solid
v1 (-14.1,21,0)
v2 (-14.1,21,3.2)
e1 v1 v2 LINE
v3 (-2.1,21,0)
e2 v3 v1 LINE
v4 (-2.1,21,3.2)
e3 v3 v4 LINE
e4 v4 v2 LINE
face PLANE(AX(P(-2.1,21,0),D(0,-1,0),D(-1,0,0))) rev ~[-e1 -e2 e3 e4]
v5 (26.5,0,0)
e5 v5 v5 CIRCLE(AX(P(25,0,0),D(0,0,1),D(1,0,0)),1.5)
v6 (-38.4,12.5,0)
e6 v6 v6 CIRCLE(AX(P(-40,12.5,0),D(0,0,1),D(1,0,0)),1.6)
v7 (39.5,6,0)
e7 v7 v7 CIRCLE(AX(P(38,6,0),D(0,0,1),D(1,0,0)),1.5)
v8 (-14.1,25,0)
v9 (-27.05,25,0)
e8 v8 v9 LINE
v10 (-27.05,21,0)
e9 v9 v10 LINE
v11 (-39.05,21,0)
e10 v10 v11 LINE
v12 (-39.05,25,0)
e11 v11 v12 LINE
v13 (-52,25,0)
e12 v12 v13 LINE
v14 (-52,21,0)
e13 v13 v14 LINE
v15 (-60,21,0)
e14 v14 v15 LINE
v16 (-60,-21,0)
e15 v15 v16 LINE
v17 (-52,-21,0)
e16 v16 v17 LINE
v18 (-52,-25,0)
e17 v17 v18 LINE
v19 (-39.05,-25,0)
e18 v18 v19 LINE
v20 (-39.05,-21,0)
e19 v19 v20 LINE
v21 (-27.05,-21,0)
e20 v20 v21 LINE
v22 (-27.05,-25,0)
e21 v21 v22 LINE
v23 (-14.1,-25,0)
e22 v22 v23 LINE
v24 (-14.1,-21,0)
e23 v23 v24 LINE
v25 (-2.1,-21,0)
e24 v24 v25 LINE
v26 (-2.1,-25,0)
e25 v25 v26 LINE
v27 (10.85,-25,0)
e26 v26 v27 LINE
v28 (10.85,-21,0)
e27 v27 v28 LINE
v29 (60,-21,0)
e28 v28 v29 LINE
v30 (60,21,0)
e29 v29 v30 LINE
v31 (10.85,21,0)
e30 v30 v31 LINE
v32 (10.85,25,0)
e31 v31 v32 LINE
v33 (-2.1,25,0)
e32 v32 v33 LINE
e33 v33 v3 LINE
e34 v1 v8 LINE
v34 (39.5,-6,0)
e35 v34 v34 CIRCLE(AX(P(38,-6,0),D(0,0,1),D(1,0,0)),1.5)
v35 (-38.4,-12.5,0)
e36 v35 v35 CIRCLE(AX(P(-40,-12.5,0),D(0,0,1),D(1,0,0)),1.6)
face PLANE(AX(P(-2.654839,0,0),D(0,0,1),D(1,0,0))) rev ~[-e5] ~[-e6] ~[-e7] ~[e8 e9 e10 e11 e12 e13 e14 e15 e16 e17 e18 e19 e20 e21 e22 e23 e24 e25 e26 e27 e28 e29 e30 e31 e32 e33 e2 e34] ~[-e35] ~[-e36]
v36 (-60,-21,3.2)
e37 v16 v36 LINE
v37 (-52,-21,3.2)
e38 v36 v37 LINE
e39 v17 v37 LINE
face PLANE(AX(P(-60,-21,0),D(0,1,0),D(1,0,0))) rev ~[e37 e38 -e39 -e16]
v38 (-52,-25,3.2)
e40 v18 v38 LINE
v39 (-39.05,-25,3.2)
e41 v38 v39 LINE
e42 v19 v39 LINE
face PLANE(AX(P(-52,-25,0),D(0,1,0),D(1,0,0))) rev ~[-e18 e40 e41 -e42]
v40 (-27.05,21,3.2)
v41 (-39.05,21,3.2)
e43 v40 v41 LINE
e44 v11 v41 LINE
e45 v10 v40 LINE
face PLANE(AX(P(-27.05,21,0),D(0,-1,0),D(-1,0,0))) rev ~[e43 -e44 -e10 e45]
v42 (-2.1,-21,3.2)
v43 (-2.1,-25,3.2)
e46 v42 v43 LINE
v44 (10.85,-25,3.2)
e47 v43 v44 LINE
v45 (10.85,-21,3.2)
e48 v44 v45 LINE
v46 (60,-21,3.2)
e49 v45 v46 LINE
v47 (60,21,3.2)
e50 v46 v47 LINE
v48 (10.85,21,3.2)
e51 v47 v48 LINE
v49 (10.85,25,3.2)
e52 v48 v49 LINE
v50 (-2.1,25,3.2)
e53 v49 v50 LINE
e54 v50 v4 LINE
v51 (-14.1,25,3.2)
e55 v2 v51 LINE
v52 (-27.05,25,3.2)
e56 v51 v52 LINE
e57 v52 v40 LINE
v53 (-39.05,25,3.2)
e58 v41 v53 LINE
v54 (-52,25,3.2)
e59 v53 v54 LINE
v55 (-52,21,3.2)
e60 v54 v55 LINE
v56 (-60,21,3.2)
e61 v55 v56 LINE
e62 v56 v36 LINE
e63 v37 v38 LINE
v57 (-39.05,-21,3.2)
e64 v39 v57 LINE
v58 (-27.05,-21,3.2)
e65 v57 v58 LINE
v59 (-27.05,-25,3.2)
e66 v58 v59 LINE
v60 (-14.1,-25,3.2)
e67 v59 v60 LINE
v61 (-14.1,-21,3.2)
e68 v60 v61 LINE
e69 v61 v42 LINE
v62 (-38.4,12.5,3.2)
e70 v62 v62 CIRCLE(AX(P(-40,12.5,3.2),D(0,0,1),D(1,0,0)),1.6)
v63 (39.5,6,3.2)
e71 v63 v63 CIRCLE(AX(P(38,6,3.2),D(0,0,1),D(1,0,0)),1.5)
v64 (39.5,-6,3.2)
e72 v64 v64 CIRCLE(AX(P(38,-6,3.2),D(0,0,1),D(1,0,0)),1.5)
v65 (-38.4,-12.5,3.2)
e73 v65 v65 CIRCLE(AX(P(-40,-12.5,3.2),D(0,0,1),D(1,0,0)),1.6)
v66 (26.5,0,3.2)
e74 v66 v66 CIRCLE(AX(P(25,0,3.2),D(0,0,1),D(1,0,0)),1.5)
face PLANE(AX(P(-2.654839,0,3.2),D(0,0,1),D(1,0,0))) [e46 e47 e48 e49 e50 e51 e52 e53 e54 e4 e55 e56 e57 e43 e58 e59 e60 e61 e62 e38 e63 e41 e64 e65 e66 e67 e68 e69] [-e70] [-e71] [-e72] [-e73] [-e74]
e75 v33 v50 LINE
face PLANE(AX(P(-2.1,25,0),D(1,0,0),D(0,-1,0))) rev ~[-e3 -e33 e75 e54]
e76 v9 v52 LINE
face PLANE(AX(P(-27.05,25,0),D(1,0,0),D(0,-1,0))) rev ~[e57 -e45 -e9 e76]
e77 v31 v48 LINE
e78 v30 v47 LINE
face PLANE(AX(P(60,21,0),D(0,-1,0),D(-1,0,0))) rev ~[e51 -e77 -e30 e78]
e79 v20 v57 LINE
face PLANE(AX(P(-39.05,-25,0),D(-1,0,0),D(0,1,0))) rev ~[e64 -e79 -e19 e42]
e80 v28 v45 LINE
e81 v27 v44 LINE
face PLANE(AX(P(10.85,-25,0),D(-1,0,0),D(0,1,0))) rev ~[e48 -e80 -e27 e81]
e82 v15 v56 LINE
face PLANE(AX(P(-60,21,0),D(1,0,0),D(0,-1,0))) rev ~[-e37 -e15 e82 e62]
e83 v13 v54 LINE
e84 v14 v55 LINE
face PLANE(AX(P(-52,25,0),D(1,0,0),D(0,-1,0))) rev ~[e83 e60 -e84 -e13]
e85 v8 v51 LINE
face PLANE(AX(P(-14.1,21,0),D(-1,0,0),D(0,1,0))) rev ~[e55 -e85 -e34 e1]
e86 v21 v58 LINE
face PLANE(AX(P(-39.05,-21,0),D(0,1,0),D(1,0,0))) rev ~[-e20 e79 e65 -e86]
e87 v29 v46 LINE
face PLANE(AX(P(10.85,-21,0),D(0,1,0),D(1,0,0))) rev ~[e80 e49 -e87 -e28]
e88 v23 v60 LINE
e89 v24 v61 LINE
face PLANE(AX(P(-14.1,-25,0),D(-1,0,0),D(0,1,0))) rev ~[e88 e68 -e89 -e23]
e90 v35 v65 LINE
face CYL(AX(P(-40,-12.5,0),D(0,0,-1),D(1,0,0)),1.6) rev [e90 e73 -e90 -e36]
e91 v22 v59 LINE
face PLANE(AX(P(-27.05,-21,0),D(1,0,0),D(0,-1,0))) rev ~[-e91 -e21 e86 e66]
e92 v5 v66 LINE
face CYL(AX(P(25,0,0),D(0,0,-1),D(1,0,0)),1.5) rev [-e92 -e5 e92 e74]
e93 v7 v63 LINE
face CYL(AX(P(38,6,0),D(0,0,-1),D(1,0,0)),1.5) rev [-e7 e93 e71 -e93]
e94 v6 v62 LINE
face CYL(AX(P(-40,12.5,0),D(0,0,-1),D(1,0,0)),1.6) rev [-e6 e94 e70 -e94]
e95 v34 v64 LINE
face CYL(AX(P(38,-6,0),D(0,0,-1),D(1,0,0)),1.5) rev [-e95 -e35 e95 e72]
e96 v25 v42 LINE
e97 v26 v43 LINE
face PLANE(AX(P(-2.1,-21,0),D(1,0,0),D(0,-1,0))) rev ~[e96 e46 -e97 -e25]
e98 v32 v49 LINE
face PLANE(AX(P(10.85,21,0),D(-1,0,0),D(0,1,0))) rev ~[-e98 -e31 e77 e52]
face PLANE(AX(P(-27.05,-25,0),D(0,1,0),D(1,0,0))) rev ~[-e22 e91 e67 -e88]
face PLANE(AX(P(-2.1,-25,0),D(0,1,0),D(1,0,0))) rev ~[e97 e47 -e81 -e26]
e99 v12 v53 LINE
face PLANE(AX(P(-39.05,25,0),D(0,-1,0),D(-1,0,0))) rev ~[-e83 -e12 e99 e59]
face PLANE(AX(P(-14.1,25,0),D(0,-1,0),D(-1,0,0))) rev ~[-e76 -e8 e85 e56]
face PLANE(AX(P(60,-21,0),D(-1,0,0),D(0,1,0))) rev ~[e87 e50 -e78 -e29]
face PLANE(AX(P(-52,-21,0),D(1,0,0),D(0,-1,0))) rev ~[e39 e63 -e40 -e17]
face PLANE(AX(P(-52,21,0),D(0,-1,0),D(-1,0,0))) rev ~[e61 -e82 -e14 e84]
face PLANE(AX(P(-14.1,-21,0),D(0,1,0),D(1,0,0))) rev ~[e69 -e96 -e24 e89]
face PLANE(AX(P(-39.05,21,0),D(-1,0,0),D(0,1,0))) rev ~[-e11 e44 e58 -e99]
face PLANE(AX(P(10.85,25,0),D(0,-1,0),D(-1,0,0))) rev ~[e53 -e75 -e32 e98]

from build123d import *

# Parameters (mm, degrees)
F0_R     = 1.6
F0_R_2   = 1.5
F1_DEPTH = 3.2


with BuildPart() as f1:
    # F0 (on Top) → F1 (new body)
    with BuildSketch(Plane.XY):
        Polygon((-52, 21), (-60, 21), (-60, -21), (-52, -21), (-52, -25), (-39.05, -25), (-39.05, -21), (-27.05, -21), (-27.05, -25), (-14.1, -25), (-14.1, -21), (-2.1, -21), (-2.1, -25), (10.85, -25), (10.85, -21), (60, -21), (60, 21), (10.85, 21), (10.85, 25), (-2.1, 25), (-2.1, 21), (-14.1, 21), (-14.1, 25), (-27.05, 25), (-27.05, 21), (-39.05, 21), (-39.05, 25), (-52, 25), align=None)
        with Locations((-40, -12.5)):
            Circle(F0_R, mode=Mode.SUBTRACT)
        with Locations((38, -6)):
            Circle(F0_R_2, mode=Mode.SUBTRACT)
        with Locations((-40, 12.5)):
            Circle(F0_R, mode=Mode.SUBTRACT)
        with Locations((25, 0)):
            Circle(F0_R_2, mode=Mode.SUBTRACT)
        with Locations((38, 6)):
            Circle(F0_R_2, mode=Mode.SUBTRACT)
    extrude(amount=F1_DEPTH)


solid = f1.part
